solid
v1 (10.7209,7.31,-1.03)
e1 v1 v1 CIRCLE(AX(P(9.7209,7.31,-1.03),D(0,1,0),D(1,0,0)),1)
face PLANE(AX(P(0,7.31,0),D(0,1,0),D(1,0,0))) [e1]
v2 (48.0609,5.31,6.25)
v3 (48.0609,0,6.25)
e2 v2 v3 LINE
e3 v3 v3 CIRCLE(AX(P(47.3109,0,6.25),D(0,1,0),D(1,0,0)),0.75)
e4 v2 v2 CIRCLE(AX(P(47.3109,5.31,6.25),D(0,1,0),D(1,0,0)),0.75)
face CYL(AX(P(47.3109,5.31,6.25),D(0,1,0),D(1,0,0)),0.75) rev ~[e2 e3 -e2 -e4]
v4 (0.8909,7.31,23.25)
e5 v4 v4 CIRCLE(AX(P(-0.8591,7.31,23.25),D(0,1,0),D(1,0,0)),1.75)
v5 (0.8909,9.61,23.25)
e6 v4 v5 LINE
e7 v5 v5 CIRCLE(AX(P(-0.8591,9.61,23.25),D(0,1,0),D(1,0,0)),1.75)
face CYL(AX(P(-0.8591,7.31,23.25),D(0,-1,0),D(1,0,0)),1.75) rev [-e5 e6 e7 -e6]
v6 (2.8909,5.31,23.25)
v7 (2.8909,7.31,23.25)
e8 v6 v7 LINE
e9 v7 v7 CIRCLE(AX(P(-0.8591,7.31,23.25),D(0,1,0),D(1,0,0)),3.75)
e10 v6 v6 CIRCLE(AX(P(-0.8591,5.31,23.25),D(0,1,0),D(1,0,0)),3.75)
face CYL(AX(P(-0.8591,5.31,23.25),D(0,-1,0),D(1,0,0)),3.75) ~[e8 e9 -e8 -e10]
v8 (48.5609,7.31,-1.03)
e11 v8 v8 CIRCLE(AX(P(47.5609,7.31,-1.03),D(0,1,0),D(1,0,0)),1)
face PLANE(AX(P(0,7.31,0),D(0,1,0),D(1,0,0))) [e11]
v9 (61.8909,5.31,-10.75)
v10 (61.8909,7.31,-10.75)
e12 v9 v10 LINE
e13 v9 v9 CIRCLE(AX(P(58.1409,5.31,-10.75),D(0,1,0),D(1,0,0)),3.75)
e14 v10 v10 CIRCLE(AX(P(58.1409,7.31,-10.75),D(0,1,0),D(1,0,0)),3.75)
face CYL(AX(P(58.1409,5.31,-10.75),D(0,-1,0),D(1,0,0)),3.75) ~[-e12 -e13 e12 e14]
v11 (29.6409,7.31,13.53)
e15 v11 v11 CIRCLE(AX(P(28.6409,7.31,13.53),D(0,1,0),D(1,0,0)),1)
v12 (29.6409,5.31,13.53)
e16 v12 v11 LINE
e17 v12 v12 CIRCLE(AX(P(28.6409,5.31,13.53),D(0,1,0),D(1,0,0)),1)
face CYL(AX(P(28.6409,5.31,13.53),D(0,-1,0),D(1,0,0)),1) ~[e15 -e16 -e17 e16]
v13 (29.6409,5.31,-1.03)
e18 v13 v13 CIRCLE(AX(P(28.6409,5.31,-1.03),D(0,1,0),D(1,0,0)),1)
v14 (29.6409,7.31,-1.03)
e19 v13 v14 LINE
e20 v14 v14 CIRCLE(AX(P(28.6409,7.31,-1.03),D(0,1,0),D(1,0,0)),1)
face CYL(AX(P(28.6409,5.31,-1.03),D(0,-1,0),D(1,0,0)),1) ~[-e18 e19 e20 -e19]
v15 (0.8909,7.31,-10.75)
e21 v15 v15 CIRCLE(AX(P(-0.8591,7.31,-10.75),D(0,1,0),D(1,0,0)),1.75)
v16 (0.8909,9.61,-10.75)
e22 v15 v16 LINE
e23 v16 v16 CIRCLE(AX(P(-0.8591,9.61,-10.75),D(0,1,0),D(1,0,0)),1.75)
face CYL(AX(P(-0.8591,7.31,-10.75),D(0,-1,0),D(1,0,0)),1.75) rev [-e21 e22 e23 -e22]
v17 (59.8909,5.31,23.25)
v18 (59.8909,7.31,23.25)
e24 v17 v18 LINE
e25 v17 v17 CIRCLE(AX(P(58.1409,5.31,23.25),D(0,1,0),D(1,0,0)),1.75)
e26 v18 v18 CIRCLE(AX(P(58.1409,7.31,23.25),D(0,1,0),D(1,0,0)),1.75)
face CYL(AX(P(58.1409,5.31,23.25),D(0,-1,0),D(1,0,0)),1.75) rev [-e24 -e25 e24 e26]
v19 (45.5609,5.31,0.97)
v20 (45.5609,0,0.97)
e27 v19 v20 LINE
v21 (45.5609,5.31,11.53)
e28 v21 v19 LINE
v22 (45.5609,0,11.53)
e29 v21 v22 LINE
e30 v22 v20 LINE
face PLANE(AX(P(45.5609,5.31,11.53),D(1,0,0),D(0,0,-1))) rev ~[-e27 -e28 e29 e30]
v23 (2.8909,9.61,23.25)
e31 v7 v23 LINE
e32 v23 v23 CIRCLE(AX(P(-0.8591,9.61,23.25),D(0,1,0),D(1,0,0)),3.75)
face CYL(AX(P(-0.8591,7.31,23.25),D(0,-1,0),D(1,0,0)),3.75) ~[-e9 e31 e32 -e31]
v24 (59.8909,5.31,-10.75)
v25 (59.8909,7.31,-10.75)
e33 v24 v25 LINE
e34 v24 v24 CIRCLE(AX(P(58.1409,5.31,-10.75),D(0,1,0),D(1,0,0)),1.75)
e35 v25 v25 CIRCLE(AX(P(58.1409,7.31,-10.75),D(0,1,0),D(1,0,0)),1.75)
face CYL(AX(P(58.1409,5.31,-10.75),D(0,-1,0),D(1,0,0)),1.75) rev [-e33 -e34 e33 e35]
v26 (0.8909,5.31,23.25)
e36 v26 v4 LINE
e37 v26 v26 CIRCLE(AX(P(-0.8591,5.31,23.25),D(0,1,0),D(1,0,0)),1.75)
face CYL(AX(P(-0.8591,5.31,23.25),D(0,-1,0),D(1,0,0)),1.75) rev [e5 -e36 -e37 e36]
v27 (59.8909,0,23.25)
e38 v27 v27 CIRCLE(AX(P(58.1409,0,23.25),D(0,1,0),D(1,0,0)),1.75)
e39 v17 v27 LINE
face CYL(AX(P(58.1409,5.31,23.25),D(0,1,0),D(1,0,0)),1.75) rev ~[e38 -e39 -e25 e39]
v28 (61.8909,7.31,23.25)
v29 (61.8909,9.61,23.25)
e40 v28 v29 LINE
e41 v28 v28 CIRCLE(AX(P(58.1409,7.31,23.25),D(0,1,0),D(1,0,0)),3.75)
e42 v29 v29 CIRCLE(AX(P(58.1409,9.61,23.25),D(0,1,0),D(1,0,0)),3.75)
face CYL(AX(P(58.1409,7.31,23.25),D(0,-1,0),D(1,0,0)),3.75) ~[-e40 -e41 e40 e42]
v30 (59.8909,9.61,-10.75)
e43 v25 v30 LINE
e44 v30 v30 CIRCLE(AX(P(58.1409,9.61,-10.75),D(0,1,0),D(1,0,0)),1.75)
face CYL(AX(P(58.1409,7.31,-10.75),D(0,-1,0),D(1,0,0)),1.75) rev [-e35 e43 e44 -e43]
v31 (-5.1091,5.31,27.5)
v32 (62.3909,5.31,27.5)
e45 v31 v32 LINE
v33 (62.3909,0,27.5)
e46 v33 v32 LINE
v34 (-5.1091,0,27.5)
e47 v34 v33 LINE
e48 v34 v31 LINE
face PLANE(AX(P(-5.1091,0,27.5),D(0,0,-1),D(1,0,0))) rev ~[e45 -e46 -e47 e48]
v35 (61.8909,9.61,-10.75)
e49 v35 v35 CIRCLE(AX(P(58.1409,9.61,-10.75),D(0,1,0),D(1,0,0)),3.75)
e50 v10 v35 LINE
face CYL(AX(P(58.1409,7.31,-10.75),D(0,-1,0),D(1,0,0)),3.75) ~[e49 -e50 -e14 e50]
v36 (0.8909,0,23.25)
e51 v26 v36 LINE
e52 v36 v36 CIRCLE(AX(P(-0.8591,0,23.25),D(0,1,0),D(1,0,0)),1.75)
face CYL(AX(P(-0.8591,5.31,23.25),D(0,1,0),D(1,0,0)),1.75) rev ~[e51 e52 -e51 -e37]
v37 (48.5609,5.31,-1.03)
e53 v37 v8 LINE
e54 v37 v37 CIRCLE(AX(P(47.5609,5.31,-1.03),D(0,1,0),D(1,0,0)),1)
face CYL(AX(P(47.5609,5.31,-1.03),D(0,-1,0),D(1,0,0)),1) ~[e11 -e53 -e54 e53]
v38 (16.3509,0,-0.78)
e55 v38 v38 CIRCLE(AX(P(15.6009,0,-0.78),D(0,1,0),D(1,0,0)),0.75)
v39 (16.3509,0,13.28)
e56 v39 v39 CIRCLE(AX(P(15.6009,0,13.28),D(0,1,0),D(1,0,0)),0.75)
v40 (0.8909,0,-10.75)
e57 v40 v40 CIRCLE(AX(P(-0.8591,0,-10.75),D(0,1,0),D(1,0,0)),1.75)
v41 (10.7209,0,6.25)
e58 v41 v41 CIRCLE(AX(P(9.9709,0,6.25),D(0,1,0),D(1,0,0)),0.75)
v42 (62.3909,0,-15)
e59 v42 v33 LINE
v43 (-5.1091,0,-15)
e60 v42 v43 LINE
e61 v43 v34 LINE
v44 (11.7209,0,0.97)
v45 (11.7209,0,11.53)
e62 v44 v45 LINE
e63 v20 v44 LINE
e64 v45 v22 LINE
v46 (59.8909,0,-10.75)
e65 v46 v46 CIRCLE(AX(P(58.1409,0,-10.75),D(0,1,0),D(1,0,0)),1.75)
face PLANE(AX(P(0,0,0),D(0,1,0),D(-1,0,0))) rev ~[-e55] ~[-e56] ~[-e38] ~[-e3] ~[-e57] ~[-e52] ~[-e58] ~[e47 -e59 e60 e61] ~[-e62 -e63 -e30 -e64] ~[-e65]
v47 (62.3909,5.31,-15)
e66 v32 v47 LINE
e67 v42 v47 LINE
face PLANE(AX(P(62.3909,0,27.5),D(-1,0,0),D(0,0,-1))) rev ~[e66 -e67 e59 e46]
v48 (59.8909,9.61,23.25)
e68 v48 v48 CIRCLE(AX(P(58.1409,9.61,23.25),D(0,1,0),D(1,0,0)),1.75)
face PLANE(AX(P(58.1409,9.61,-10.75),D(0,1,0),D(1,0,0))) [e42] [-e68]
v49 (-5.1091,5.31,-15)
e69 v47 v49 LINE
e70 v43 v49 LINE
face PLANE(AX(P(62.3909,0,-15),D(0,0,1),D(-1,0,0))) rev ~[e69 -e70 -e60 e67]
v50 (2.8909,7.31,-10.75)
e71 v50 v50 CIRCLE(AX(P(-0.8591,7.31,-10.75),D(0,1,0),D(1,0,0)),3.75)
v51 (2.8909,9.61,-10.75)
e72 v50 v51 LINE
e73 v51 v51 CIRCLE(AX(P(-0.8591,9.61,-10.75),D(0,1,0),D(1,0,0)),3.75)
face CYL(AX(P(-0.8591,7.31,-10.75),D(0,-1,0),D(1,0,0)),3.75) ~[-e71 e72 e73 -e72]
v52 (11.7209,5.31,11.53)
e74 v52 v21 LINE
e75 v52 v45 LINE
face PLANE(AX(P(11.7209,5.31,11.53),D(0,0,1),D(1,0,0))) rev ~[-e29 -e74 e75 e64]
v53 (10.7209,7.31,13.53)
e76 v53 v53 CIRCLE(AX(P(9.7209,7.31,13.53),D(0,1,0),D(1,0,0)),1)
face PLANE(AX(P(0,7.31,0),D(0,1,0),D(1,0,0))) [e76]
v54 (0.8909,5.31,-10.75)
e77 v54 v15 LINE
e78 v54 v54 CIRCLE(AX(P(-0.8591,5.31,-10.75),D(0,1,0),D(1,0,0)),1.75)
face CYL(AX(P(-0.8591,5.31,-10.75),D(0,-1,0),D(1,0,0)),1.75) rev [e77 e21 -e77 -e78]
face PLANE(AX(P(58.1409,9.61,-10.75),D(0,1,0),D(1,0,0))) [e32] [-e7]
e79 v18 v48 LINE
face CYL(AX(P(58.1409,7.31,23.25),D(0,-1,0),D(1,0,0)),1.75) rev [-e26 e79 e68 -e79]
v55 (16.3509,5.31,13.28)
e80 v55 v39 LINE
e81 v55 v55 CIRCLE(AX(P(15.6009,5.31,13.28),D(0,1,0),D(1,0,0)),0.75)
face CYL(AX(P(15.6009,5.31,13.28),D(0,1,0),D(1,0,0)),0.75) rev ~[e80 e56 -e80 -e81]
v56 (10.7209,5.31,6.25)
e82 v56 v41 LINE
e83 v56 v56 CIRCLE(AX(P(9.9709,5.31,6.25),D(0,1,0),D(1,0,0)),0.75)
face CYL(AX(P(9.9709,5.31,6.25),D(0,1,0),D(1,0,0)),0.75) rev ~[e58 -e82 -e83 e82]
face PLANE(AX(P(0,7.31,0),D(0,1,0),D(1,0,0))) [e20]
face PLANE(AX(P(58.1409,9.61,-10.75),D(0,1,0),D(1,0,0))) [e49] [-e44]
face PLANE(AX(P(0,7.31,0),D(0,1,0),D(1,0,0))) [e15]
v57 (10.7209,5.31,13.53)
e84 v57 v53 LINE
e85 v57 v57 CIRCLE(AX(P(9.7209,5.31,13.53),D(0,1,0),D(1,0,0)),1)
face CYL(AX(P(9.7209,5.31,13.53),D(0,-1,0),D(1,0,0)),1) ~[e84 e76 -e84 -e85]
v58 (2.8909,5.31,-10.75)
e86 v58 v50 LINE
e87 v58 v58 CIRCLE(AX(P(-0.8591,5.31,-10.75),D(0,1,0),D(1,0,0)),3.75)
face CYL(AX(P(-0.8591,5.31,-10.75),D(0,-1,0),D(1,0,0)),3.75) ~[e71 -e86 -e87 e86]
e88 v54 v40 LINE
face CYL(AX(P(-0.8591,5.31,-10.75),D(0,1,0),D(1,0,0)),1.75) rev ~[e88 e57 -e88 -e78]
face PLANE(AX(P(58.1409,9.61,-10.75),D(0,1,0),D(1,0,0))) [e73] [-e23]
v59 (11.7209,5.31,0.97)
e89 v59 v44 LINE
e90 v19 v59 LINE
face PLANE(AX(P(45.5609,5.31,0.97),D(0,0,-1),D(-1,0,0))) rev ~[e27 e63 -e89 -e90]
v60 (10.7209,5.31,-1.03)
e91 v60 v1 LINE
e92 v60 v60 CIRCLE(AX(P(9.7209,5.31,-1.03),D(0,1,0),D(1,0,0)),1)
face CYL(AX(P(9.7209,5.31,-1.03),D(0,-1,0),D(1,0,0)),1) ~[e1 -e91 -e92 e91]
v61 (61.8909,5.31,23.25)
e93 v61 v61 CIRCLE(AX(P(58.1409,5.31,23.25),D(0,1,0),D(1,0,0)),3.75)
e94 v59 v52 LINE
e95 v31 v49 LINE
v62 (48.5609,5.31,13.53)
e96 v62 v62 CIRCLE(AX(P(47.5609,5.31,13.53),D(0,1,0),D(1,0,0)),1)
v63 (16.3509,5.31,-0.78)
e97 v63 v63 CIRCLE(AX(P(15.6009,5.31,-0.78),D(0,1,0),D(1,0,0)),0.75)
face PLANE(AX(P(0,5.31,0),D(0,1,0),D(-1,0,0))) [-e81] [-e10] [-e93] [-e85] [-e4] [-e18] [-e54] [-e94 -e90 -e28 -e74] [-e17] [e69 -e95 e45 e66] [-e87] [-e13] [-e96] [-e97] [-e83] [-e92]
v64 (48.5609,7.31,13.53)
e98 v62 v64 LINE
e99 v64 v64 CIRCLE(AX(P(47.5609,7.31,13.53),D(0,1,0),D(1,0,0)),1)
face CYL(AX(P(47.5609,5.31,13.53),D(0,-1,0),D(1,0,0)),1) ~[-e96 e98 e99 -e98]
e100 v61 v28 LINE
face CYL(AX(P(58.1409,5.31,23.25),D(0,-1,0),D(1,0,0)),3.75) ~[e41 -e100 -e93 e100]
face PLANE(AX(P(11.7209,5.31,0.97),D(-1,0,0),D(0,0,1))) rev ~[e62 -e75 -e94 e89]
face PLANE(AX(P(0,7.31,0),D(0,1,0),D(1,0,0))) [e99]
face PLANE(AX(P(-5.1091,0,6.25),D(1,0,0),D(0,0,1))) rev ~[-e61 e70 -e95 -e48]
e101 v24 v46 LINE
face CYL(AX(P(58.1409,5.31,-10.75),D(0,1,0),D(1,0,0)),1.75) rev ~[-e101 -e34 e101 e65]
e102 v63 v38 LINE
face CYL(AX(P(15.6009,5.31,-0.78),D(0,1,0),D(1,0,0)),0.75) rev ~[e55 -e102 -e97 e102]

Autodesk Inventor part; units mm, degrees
ref_plane "YZ Plane" through (0, 0, 0) normal (1, 0, 0) x (0, 1, 0)
ref_plane "XZ Plane" through (0, 0, 0) normal (0, 1, 0) x (-1, 0, 0)
ref_plane "XY Plane" through (0, 0, 0) normal (0, 0, 1) x (1, 0, 0)
sketch "Sketch1" plane through (0, 0, 0) normal (0, 1, 0) x (-1, 0, 0)
  line L0 (5.1091, 27.5) -> (-62.3909, 27.5)
  line L1 (-62.3909, 27.5) -> (-62.3909, -15)
  line L2 (-62.3909, -15) -> (5.1091, -15)
  line L3 (5.1091, -15) -> (5.1091, 27.5)
  line L4 (5.1091, 6.25) -> (-62.3909, 6.25)
  point P0 (0, 0)
  dimension "d0" = 42.5
  dimension "d1" = 67.5
extrude "Extrusion1" add sketch "Sketch1" along normal blind 5.31
sketch "Sketch2" plane through (0, 5.31, 0) normal (0, 1, 0) x (1, 0, 0)
  circle A0 centre (9.9709, -6.25) radius 0.75
  circle A1 centre (15.6009, -13.28) radius 0.75
  circle A2 centre (15.6009, 0.78) radius 0.75
  circle A3 centre (47.3109, -6.25) radius 0.75
  line L0 (-5.1091, -6.25) -> (62.3909, -6.25) construction
  line L1 (15.6009, 15.6122) -> (15.6009, -24.3614) construction
  line L2 (11.7209, -11.53) -> (45.5609, -11.53)
  line L3 (45.5609, -11.53) -> (45.5609, -0.97)
  line L4 (45.5609, -0.97) -> (11.7209, -0.97)
  line L5 (11.7209, -0.97) -> (11.7209, -11.53)
  circle A4 centre (-0.8591, 10.75) radius 1.75
  line L6 (62.3909, 15) -> (-5.1091, 15)
  circle A5 centre (-0.8591, -23.25) radius 1.75
  line L7 (-5.1091, -27.5) -> (62.3909, -27.5)
  circle A6 centre (58.1409, 10.75) radius 1.75
  circle A7 centre (58.1409, -23.25) radius 1.75
  line L8 (62.3909, -27.3764) -> (62.3909, 12.6236)
  line L9 (28.6409, -27.5) -> (28.6409, 15) construction
  line L10 (62.3909, -27.5) -> (62.3909, 15) projected
  line L11 (-5.1091, -27.5) -> (62.3909, -27.5) projected
  line L12 (-5.1091, 15) -> (-5.1091, -27.5) projected
  line L13 (62.3909, 15) -> (-5.1091, 15) projected
  point P0 (0, 0)
  dimension "d4" = 1.5
  dimension "d15" = 14.06
  dimension "d23" = 37.34
  dimension "d39" = 5.63
  dimension "d70" = 4.25
  dimension "d79" = 3.5
  dimension "d90" = 4.25
  dimension "d91" = 4.25
  dimension "d93" = 34
  dimension "d94" = 59
  dimension "d101" = 1
  dimension "d102" = 1
  dimension "d103" = 1
  dimension "d105" = 1
extrude "Extrusion2" cut sketch "Sketch2" against normal through all contours A0 | A1 | A2 | A3 | L5 L4 L3 L2 | A4 | A5 | A6 | A7
sketch "Sketch4" plane through (0, 5.31, 0) normal (0, 1, 0) x (1, 0, 0)
  circle A0 centre (-0.8591, 10.75) radius 3.75
  circle A1 centre (58.1409, -23.25) radius 3.75
  circle A2 centre (58.1409, 10.75) radius 3.75
  circle A3 centre (-0.8591, -23.25) radius 3.75
  circle A4 centre (-0.8591, -23.25) radius 1.75 construction
  circle A5 centre (58.1409, -23.25) radius 1.75 construction
  circle A6 centre (-0.8591, 10.75) radius 1.75 construction
  circle A7 centre (58.1409, 10.75) radius 1.75 construction
  circle A8 centre (58.1409, -23.25) radius 1.75
  circle A9 centre (-0.8591, -23.25) radius 1.75
  circle A10 centre (-0.8591, 10.75) radius 1.75
  circle A11 centre (58.1409, 10.75) radius 1.75
  circle A12 centre (47.5609, -13.53) radius 1
  circle A13 centre (9.7209, -13.53) radius 1
  circle A14 centre (47.5609, 1.03) radius 1
  circle A15 centre (9.7209, 1.03) radius 1
  line L0 (45.5609, -11.53) -> (11.7209, -11.53) projected
  line L1 (45.5609, -0.97) -> (45.5609, -11.53) projected
  line L2 (28.6409, -33.9575) -> (28.6409, 25.5773) construction
  line L3 (71.7292, -6.25) -> (-26.8251, -6.25) construction
  line L4 (47.5609, -13.53) -> (9.7209, -13.53) construction
  line L5 (47.5609, 1.03) -> (9.7209, 1.03) construction
  circle A16 centre (28.6409, 1.03) radius 1
  circle A17 centre (28.6409, -13.53) radius 1
  point P0 (0, 0)
  point P1 (56.8909, 12)
  point P2 (-2.1091, 12)
  dimension "d92" = 2
  dimension "d95" = 2
  dimension "d96" = 2
  dimension "d97" = 2
extrude "Extrusion4" add sketch "Sketch4" along normal blind 2
sketch "Sketch5" plane through (58.1409, 7.31, -10.75) normal (0, 1, 0) x (1, 0, 0)
  circle A0 centre (0, -34) radius 1.75 projected
  circle A1 centre (0, -34) radius 1
  circle A2 centre (0, -34) radius 3.75
  circle A3 centre (-59, -34) radius 1.75 projected
  circle A4 centre (-59, -34) radius 1.75
  circle A5 centre (-59, -34) radius 3.75
  circle A6 centre (-59, -34) radius 1.75 projected
  circle A7 centre (-59, -34) radius 3.75 projected
  circle A8 centre (0, -34) radius 3.75 projected
  circle A9 centre (-59, 0) radius 1.75
  circle A10 centre (0, 0) radius 1.75
  circle A11 centre (-59, 0) radius 3.75
  circle A12 centre (0, 0) radius 3.75
  circle A13 centre (0, 0) radius 3.75 projected
  circle A14 centre (0, 0) radius 1.75 projected
  circle A15 centre (-59, 0) radius 1.75 projected
  circle A16 centre (-59, 0) radius 3.75 projected
  point P0 (-58.1409, -10.75)
extrude "Extrusion5" add sketch "Sketch5" along normal blind 2.3 contours A2 | A5 | A11 | A12
equation "\"d31\" = d69"
equation "\"d69\" = 3"
properties part number "490HV_MicrofluidicClamp"
